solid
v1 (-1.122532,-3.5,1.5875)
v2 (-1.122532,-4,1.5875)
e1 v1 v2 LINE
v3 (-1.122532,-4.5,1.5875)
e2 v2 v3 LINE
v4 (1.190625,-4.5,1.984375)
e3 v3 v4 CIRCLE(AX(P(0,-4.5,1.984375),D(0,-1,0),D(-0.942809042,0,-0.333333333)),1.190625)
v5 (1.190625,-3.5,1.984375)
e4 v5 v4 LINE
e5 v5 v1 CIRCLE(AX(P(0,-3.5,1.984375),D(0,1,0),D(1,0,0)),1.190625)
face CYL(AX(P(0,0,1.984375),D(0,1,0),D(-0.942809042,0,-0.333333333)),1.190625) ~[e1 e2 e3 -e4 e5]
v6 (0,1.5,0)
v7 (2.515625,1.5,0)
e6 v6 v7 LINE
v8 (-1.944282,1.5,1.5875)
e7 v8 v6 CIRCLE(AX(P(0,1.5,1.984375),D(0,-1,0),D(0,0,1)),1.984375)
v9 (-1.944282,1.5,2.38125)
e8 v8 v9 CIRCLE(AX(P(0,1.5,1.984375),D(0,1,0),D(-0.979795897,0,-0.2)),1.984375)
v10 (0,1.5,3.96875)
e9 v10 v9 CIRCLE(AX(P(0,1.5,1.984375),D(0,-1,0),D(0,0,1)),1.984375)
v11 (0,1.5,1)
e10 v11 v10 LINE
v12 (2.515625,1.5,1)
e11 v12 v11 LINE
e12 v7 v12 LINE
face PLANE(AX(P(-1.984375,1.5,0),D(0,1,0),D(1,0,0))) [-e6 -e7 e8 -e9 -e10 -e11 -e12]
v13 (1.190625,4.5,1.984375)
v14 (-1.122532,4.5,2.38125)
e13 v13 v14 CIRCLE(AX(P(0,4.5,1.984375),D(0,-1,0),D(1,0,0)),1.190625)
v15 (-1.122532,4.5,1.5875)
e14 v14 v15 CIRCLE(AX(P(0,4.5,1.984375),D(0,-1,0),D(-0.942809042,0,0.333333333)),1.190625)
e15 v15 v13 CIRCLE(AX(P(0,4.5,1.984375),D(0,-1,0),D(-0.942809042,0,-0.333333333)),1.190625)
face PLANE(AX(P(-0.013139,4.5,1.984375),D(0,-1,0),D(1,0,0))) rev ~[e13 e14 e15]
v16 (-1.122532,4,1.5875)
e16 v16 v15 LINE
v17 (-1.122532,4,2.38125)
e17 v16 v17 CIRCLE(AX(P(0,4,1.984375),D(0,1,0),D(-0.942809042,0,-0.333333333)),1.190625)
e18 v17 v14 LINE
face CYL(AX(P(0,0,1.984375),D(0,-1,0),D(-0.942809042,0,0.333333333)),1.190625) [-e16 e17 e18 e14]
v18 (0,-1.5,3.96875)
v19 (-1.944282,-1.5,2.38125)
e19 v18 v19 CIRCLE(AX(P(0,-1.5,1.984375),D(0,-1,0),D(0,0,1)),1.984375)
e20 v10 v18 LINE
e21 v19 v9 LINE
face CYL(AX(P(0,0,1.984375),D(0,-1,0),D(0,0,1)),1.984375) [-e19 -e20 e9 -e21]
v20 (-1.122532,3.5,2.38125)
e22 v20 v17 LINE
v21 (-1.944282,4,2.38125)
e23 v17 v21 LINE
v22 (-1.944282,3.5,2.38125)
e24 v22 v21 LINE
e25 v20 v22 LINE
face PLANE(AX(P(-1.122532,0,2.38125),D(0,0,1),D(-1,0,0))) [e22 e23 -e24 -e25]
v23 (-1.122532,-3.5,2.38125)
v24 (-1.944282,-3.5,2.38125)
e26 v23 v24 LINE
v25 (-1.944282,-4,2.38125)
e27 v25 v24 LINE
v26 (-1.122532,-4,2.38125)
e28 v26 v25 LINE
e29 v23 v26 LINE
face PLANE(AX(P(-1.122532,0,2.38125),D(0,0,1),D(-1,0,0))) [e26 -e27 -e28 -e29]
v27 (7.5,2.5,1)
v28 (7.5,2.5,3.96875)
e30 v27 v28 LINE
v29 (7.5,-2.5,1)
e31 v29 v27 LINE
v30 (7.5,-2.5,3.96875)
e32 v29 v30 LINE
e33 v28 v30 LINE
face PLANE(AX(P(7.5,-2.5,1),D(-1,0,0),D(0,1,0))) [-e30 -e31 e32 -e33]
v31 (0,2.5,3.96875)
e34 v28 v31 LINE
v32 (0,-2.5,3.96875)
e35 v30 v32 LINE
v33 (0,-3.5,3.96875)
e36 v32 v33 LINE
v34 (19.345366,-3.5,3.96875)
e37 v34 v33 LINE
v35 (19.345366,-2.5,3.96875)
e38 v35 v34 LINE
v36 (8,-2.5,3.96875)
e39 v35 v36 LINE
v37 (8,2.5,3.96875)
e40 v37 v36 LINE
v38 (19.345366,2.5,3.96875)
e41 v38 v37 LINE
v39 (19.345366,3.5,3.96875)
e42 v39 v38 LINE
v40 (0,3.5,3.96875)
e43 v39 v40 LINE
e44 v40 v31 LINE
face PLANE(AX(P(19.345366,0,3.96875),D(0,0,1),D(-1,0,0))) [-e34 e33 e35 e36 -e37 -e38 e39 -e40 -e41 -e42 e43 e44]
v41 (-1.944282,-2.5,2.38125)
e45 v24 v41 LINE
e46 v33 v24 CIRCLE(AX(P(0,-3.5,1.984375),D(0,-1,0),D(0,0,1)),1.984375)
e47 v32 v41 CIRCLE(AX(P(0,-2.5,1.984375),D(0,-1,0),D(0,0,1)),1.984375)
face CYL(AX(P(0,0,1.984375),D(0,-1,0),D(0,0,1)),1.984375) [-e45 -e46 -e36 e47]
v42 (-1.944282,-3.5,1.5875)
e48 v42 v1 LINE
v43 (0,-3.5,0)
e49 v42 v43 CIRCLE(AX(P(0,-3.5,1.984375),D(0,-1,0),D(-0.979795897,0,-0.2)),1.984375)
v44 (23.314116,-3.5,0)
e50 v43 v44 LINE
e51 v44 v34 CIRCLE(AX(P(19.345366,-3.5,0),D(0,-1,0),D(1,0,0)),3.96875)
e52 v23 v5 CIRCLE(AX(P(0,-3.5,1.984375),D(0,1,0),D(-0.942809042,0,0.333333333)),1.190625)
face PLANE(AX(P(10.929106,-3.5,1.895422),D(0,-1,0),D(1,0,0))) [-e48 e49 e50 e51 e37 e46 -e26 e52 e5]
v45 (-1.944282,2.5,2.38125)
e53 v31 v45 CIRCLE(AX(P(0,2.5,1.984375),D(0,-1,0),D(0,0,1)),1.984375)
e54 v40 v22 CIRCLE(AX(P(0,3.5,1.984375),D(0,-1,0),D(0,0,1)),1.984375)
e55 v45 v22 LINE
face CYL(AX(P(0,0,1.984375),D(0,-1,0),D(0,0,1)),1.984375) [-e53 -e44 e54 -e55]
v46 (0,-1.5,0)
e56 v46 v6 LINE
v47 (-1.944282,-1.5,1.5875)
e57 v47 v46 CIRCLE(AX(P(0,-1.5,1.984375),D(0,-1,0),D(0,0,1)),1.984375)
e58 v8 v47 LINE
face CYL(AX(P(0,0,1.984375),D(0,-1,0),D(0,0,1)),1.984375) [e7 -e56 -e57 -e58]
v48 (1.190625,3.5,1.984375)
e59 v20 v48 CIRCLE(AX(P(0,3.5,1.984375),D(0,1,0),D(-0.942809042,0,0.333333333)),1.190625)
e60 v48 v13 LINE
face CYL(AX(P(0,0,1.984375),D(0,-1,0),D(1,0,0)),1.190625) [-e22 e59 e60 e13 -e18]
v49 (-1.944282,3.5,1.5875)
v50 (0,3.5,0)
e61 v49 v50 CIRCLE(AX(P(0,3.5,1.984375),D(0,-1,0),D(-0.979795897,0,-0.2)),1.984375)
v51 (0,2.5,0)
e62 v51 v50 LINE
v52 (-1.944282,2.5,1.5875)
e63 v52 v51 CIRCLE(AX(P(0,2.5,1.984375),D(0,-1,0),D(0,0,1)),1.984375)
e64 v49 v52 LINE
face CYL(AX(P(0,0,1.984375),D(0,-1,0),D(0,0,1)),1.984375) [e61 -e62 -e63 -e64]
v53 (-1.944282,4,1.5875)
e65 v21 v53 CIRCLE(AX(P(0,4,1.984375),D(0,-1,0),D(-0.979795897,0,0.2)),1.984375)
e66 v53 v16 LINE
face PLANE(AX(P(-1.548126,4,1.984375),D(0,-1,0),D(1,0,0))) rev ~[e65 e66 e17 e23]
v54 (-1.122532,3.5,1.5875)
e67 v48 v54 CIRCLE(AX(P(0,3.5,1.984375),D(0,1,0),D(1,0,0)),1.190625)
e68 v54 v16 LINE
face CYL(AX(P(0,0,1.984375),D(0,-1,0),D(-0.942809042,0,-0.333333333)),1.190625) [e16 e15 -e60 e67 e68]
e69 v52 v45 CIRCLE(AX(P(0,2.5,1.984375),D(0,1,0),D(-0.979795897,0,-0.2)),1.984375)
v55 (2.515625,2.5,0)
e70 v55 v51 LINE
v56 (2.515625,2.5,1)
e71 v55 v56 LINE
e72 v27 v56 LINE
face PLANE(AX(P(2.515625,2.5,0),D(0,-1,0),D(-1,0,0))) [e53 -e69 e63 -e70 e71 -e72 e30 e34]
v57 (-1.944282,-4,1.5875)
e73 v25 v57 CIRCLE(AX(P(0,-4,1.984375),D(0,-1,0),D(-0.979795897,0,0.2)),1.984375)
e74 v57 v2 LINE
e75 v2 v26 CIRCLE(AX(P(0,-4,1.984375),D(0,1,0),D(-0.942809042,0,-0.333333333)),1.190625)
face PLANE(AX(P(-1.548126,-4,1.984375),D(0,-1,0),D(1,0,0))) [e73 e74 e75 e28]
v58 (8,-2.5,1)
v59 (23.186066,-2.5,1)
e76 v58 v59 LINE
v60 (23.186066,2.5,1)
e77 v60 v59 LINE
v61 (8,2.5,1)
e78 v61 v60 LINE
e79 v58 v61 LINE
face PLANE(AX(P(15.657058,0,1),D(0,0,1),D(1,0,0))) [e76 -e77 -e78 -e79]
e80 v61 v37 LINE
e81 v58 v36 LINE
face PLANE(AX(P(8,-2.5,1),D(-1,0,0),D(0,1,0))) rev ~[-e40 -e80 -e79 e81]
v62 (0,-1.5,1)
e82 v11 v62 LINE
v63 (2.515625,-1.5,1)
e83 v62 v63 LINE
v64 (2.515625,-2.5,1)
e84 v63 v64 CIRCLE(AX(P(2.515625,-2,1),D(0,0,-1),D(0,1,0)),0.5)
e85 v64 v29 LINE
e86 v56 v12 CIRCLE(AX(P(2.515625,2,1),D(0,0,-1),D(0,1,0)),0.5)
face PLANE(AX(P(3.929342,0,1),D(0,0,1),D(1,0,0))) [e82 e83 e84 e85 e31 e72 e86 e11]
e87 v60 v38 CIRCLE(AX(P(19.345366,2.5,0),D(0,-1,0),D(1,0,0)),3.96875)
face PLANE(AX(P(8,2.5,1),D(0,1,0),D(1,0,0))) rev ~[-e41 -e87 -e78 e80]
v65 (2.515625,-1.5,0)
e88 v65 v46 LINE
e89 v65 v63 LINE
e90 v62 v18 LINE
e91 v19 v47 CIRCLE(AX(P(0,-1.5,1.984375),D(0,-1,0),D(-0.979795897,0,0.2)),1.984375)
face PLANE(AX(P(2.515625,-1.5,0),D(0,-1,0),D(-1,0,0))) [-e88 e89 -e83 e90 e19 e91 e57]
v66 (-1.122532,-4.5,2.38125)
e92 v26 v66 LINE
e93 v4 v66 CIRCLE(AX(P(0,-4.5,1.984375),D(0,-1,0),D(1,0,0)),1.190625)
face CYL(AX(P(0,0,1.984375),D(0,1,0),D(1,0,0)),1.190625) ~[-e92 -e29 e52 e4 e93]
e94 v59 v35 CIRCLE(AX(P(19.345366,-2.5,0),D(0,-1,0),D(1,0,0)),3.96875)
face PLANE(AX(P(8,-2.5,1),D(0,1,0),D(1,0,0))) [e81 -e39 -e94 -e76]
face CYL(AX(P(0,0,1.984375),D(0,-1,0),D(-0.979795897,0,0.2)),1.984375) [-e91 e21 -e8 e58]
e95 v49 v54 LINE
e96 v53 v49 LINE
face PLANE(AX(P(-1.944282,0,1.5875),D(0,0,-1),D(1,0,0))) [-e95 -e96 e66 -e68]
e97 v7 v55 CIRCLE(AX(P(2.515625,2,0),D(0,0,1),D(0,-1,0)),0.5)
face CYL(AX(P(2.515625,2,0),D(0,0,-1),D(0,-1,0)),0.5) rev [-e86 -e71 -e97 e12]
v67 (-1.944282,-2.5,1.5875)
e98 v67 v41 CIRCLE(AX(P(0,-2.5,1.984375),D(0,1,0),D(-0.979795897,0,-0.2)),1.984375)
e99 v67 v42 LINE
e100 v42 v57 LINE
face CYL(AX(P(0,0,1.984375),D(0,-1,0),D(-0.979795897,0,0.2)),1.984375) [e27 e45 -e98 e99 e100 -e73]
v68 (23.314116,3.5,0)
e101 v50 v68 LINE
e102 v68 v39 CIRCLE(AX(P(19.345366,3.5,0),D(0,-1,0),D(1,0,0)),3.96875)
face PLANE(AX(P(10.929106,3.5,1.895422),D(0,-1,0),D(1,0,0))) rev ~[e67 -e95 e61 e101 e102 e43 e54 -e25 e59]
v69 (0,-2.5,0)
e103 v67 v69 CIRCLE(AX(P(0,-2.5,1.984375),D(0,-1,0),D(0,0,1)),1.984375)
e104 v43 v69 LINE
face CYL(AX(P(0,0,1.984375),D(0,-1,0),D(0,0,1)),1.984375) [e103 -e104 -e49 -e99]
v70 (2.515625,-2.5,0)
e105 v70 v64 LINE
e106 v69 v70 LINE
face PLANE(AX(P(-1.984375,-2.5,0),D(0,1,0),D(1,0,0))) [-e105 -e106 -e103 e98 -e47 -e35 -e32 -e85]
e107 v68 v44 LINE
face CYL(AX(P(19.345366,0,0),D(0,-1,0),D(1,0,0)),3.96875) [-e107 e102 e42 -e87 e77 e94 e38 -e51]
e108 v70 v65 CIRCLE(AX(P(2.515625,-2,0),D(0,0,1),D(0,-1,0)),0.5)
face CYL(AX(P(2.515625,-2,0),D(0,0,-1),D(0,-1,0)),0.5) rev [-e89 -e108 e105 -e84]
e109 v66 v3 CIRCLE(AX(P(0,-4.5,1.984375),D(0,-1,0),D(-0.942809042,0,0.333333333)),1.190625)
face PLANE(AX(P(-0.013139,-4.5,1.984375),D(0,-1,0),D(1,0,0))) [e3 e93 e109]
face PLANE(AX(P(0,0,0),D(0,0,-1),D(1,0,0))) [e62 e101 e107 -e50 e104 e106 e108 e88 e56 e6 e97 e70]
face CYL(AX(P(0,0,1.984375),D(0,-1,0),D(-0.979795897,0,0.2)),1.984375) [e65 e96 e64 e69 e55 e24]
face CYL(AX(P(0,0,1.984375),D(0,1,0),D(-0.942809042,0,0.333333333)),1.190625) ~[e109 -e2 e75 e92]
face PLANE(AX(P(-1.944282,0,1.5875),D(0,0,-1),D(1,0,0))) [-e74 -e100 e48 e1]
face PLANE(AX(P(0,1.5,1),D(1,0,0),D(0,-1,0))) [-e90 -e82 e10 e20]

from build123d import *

# Parameters (mm, degrees)
F1_DEPTH = 3.5
F2_DEPTH = 4.5
F3_DEPTH = 4
F4_W     = 1.984375
F4_H     = 1
F5_DEPTH = 25
F6_START = 1
F4_W_2   = 15.314116451
F4_H_2   = 5
F6_DEPTH = 2.96975


with BuildPart() as f1:
    # F0 (on Front) → F1 (new body, symmetric)
    with BuildSketch(Plane.XZ):
        with BuildLine():
            ThreePointArc((1.984375, 1.984375), (1.4031650189, 0.5812099811), (0, 0))
            Line((0, 0), (23.314116451, 0))
            ThreePointArc((23.314116451, 0), (22.1516964889, 2.8063300378), (19.345366451, 3.96875))
            Line((19.345366451, 3.96875), (0, 3.96875))
            ThreePointArc((0, 3.96875), (1.4031650189, 3.3875400189), (1.984375, 1.984375))
        make_face()
        with BuildLine():
            ThreePointArc((-1.9442824833, 1.5875), (-1.2550289464, 0.4472847345), (0, 0))
            ThreePointArc((0, 0), (1.4031650189, 0.5812099811), (1.984375, 1.984375))
            ThreePointArc((1.984375, 1.984375), (1.4031650189, 3.3875400189), (0, 3.96875))
            ThreePointArc((0, 3.96875), (-1.2550289464, 3.5214652655), (-1.9442824833, 2.38125))
            Line((-1.9442824833, 2.38125), (-1.1225320151, 2.38125))
            ThreePointArc((-1.1225320151, 2.38125), (0.2013370434, 3.1578532851), (1.190625, 1.984375))
            ThreePointArc((1.190625, 1.984375), (0.2013370434, 0.8108967149), (-1.1225320151, 1.5875))
            Line((-1.1225320151, 1.5875), (-1.9442824833, 1.5875))
        make_face()
        with BuildLine():
            ThreePointArc((-1.9442824833, 2.38125), (-1.984375, 1.984375), (-1.9442824833, 1.5875))
            Line((-1.9442824833, 1.5875), (-1.1225320151, 1.5875))
            ThreePointArc((-1.1225320151, 1.5875), (-1.190625, 1.984375), (-1.1225320151, 2.38125))
            Line((-1.1225320151, 2.38125), (-1.9442824833, 2.38125))
        make_face()
    extrude(amount=F1_DEPTH, both=True)

    # F0 (on Front) → F2 (join, symmetric)
    with BuildSketch(Plane.XZ):
        with BuildLine():
            ThreePointArc((-1.1225320151, 2.38125), (-1.190625, 1.984375), (-1.1225320151, 1.5875))
            ThreePointArc((-1.1225320151, 1.5875), (0.2013370434, 0.8108967149), (1.190625, 1.984375))
            ThreePointArc((1.190625, 1.984375), (0.2013370434, 3.1578532851), (-1.1225320151, 2.38125))
        make_face()
    extrude(amount=F2_DEPTH, both=True)

    # F0 (on Front) → F3 (join, symmetric)
    with BuildSketch(Plane.XZ):
        with BuildLine():
            ThreePointArc((-1.9442824833, 2.38125), (-1.984375, 1.984375), (-1.9442824833, 1.5875))
            Line((-1.9442824833, 1.5875), (-1.1225320151, 1.5875))
            ThreePointArc((-1.1225320151, 1.5875), (-1.190625, 1.984375), (-1.1225320151, 2.38125))
            Line((-1.1225320151, 2.38125), (-1.9442824833, 2.38125))
        make_face()
    extrude(amount=F3_DEPTH, both=True)

    # F4 (on Top) → F5 (cut)
    with BuildSketch(Plane.XY):
        with Locations((-0.9921875, 2)):
            Rectangle(F4_W, F4_H)
        with BuildLine():
            Line((0, 2.5), (0, 1.5))
            Line((0, 1.5), (2.515625, 1.5))
            ThreePointArc((2.515625, 1.5), (3.015625, 2), (2.515625, 2.5))
            Line((2.515625, 2.5), (0, 2.5))
        make_face()
        with Locations((-0.9921875, -2)):
            Rectangle(F4_W, F4_H)
        with BuildLine():
            Line((0, -1.5), (0, -2.5))
            Line((0, -2.5), (2.515625, -2.5))
            ThreePointArc((2.515625, -2.5), (3.015625, -2), (2.515625, -1.5))
            Line((2.515625, -1.5), (0, -1.5))
        make_face()
    extrude(amount=F5_DEPTH, mode=Mode.SUBTRACT)

    # F4 (on Top) → F6 (cut)
    with BuildSketch(Plane.XY.offset(F6_START)):
        with BuildLine():
            ThreePointArc((2.515625, -1.5), (3.015625, -2), (2.515625, -2.5))
            Line((2.515625, -2.5), (7.5, -2.5))
            Line((7.5, -2.5), (7.5, 2.5))
            Line((7.5, 2.5), (2.515625, 2.5))
            ThreePointArc((2.515625, 2.5), (3.015625, 2), (2.515625, 1.5))
            Line((2.515625, 1.5), (0, 1.5))
            Line((0, 1.5), (0, -1.5))
            Line((0, -1.5), (2.515625, -1.5))
        make_face()
        with Locations((15.6570582255, 0)):
            Rectangle(F4_W_2, F4_H_2)
    extrude(amount=F6_DEPTH, mode=Mode.SUBTRACT)


solid = f1.part
